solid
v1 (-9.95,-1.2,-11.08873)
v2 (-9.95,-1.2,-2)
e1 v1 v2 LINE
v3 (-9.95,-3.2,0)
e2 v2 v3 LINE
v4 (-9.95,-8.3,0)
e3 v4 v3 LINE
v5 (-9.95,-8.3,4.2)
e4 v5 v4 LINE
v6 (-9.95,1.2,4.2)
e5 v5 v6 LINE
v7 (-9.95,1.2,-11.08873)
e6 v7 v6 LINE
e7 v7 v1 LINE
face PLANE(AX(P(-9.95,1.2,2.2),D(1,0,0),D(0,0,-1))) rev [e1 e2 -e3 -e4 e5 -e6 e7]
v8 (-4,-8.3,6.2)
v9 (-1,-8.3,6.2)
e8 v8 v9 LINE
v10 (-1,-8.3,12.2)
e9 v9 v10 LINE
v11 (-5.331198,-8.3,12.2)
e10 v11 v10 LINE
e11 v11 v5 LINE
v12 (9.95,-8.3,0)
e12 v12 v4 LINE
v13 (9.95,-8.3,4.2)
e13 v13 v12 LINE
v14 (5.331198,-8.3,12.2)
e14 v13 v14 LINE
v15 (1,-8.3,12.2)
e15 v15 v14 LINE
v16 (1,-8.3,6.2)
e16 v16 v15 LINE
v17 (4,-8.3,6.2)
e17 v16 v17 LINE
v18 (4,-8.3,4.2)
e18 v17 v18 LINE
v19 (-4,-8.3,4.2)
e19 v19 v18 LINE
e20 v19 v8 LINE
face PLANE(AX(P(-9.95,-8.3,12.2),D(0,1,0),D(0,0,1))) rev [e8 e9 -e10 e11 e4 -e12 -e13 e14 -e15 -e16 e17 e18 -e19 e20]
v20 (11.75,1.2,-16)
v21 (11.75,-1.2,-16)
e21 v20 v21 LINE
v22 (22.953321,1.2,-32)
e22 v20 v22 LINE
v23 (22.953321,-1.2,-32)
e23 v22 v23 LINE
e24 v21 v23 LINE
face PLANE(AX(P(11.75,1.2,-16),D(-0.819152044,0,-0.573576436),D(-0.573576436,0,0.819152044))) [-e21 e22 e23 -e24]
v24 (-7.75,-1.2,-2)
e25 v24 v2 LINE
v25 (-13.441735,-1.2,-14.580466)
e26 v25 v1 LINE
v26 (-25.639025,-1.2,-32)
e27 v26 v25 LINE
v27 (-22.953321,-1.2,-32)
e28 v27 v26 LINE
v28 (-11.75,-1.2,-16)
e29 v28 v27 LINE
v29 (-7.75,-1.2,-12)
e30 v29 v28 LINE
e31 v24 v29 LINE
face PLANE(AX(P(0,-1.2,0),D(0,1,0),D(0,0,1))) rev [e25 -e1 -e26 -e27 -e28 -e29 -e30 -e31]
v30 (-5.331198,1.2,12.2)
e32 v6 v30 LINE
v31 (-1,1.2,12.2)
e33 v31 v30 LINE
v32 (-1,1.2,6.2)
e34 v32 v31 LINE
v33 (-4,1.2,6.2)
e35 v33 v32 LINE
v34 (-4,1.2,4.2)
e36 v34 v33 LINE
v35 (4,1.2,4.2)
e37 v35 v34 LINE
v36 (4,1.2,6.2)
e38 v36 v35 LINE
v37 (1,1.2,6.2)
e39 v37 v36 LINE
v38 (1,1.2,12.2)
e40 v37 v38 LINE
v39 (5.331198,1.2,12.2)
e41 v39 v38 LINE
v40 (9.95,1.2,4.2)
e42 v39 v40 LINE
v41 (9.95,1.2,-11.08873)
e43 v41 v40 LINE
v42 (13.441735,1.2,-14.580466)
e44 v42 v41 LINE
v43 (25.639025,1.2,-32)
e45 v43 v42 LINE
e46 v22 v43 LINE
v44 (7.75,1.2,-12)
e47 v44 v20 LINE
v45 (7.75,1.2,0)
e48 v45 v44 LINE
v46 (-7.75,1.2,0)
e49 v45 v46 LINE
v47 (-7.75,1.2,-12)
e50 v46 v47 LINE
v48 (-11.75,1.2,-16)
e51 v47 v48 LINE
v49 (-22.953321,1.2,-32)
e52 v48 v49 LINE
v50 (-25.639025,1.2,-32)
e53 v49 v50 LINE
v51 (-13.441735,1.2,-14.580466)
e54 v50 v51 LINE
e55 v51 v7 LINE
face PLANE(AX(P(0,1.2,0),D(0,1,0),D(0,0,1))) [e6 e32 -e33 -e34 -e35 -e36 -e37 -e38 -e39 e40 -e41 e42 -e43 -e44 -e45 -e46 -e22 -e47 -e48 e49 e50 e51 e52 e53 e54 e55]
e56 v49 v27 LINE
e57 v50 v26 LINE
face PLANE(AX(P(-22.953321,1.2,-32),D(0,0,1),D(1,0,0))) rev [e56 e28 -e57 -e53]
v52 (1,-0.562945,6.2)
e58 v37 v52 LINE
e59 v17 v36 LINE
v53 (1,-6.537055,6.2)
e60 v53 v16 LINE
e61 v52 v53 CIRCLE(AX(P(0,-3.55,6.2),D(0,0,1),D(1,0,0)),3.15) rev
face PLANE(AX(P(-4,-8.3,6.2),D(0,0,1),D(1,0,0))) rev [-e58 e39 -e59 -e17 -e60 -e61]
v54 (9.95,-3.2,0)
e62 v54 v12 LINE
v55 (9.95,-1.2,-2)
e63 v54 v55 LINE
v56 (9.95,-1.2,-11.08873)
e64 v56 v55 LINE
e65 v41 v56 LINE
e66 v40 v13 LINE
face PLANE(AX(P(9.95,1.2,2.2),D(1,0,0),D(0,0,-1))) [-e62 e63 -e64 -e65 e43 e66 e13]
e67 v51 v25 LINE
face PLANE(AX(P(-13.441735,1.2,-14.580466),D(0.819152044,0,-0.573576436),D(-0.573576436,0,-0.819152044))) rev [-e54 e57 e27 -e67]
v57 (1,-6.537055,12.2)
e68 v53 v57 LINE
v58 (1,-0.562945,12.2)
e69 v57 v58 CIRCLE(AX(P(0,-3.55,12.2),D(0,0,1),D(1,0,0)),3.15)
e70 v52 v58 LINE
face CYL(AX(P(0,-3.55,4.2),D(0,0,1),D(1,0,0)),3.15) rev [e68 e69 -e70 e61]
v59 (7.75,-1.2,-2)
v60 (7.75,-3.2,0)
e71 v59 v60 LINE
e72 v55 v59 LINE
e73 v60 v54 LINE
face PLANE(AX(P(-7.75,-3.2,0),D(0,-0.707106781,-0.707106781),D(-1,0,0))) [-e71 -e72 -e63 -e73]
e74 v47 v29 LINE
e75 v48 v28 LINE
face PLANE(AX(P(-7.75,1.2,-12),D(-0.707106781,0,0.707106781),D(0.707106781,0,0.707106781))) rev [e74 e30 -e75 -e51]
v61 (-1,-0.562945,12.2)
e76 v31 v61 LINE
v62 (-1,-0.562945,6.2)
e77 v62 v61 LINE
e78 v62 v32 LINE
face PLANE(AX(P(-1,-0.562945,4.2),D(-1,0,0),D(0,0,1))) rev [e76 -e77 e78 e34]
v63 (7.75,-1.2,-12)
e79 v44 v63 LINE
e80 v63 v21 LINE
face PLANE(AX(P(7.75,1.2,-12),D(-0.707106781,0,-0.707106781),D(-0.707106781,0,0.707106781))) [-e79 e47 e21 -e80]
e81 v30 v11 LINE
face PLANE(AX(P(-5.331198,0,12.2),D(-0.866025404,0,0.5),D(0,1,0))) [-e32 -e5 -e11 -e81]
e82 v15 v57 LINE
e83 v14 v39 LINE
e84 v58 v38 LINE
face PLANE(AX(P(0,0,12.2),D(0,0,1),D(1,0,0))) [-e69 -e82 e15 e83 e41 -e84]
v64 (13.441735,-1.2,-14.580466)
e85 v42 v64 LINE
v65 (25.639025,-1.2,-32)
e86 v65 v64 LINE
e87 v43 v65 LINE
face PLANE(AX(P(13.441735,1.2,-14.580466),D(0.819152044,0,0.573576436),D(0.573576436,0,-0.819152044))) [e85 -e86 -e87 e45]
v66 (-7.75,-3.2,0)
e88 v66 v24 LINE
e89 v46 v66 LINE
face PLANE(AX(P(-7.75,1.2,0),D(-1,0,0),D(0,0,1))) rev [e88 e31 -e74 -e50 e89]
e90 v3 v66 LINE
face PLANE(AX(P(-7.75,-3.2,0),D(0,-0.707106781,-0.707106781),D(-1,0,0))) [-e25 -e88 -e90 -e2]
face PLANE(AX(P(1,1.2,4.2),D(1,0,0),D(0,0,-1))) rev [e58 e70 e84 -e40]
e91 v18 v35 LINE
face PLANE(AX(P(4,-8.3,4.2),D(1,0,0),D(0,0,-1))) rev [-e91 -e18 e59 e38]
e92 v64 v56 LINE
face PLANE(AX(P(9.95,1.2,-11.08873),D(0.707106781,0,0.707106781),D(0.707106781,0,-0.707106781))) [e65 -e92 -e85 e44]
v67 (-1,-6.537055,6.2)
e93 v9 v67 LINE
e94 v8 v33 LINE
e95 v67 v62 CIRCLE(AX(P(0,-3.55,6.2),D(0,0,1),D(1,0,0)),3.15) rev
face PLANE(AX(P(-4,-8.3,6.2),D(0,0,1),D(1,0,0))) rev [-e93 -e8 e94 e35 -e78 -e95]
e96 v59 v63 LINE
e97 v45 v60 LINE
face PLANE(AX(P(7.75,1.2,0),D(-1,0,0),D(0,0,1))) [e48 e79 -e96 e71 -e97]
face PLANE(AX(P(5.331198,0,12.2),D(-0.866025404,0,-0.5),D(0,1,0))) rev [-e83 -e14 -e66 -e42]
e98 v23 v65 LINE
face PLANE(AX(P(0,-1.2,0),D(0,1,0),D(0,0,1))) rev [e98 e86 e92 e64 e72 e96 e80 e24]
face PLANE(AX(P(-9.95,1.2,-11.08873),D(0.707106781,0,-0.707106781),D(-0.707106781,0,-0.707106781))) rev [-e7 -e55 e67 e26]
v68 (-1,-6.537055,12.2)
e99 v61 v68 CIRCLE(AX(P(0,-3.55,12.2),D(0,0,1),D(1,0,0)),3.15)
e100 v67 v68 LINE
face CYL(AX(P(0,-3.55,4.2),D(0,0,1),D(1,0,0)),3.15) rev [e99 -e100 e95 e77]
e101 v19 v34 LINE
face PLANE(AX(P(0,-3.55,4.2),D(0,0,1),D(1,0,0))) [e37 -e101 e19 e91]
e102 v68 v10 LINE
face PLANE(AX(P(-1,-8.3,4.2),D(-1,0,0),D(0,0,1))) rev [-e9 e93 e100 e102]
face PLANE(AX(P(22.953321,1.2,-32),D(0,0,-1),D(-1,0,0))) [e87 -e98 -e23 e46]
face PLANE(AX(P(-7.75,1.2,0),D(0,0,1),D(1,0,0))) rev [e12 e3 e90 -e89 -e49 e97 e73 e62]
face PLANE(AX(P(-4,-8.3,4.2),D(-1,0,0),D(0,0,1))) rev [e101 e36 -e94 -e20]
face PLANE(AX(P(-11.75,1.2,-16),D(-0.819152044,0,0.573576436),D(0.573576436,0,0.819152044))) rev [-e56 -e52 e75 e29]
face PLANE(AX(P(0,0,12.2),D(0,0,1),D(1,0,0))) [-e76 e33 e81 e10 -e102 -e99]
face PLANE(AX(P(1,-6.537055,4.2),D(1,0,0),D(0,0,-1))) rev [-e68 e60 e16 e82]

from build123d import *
from OCP.BRepFilletAPI import BRepFilletAPI_MakeChamfer

# Parameters (mm, degrees)
BOSS_EXTRUDE1_DEPTH      = 1.2
BOSS_EXTRUDE2_DEPTH      = 10
BOSS_EXTRUDE2_DEPTH_BACK = 2.2
SKETCH2_W                = 19.9
SKETCH2_H                = 9.5
CUT_EXTRUDE1_DEPTH       = 8
CUT_EXTRUDE2_DEPTH       = 42.835984366
CUT_EXTRUDE2_DEPTH_BACK  = 42.835984366
SKETCH4_W                = 8
SKETCH4_H                = 2
CHAMFER1_SIZE            = 2
CHAMFER2_SIZE            = 8
CHAMFER2_SIZE2           = 4.618802154


with BuildPart() as part:
    # Sketch1 → Boss-Extrude1 (new, symmetric)
    with BuildSketch(Plane(origin=(0, 0, 0), x_dir=(1, 0, 0), z_dir=(0, 1, 0))):
        Polygon((-7.75, 0), (0, 0), (0, -2.2), (-9.95, -2.2), (-9.95, 11.088730163), (-13.441735339, 14.580465501), (-25.639024707, 32), (-22.953320611, 32), (-11.75, 16), (-7.75, 12), align=None)
    boss_extrude1 = extrude(amount=BOSS_EXTRUDE1_DEPTH, both=True)

    # Mirror1: Boss-Extrude1 across plane
    add(boss_extrude1.mirror(Plane(origin=(0, 1.2, 0), x_dir=(0, 0, 1), z_dir=(-1, 0, 0))))

    # Sketch2 → Boss-Extrude2 (add, two sides: drawn at the far end of the back side and taken through both)
    with BuildSketch(Plane.XY.offset(2.2).offset(-BOSS_EXTRUDE2_DEPTH_BACK)):
        with Locations((0, -3.55)):
            Rectangle(SKETCH2_W, SKETCH2_H)
    extrude(amount=BOSS_EXTRUDE2_DEPTH + BOSS_EXTRUDE2_DEPTH_BACK)

    # Sketch3 → Cut-Extrude1 (cut)
    with BuildSketch(Plane.XY.offset(12.2)):
        with BuildLine():
            Line((-1, -0.562944594), (-1, 1.2))
            Line((-1, 1.2), (1, 1.2))
            Line((1, 1.2), (1, -0.562944594))
            ThreePointArc((1, -0.562944594), (3.15, -3.55), (1, -6.537055406))
            Line((1, -6.537055406), (1, -8.3))
            Line((1, -8.3), (-1, -8.3))
            Line((-1, -8.3), (-1, -6.537055406))
            ThreePointArc((-1, -6.537055406), (-3.15, -3.55), (-1, -0.562944594))
        make_face()
    extrude(amount=-CUT_EXTRUDE1_DEPTH, mode=Mode.SUBTRACT)

    # Sketch4 → Cut-Extrude2 (cut, two sides: drawn at the far end of the back side and taken through both)
    with BuildSketch(Plane(origin=(0, 0, 0), x_dir=(1, 0, 0), z_dir=(0, 1, 0)).offset(-CUT_EXTRUDE2_DEPTH_BACK)):
        with Locations((0, -5.2)):
            Rectangle(SKETCH4_W, SKETCH4_H)
    extrude(amount=CUT_EXTRUDE2_DEPTH + CUT_EXTRUDE2_DEPTH_BACK, mode=Mode.SUBTRACT)

    # Chamfer1
    chamfer1_edges = [part.edges().sort_by_distance(p)[0] for p in [
        (-8.85, -1.2, 0),
        (8.85, -1.2, 0),
    ]]
    chamfer(chamfer1_edges, length=CHAMFER1_SIZE)

    # Chamfer2: one chamfer whose edges measure the first distance from different faces: ONE call of the kernel's chamfer builder (chamfer() names one face for all edges)
    chamfer2_edges_1 = [part.edges().sort_by_distance(p)[0] for p in [
        (-9.95, -3.55, 12.2),
    ]]
    chamfer2_side_1 = [part.faces().sort_by_distance(p)[0] for p in [
        (-9.95, -2.87294894, 3.861970387),
    ]]
    chamfer2_edges_2 = [part.edges().sort_by_distance(p)[0] for p in [
        (9.95, -3.55, 12.2),
    ]]
    chamfer2_side_2 = [part.faces().sort_by_distance(p)[0] for p in [
        (9.95, -2.87294894, 3.861970387),
    ]]
    chamfer2 = BRepFilletAPI_MakeChamfer(part.part.solid().wrapped)
    for e in chamfer2_edges_1:
        chamfer2.Add(CHAMFER2_SIZE, CHAMFER2_SIZE2, e.wrapped, chamfer2_side_1[0].wrapped)  # the first distance lies on this face
    for e in chamfer2_edges_2:
        chamfer2.Add(CHAMFER2_SIZE, CHAMFER2_SIZE2, e.wrapped, chamfer2_side_2[0].wrapped)  # the first distance lies on this face
    add(Compound.cast(chamfer2.Shape()), mode=Mode.REPLACE)


solid = part.part
